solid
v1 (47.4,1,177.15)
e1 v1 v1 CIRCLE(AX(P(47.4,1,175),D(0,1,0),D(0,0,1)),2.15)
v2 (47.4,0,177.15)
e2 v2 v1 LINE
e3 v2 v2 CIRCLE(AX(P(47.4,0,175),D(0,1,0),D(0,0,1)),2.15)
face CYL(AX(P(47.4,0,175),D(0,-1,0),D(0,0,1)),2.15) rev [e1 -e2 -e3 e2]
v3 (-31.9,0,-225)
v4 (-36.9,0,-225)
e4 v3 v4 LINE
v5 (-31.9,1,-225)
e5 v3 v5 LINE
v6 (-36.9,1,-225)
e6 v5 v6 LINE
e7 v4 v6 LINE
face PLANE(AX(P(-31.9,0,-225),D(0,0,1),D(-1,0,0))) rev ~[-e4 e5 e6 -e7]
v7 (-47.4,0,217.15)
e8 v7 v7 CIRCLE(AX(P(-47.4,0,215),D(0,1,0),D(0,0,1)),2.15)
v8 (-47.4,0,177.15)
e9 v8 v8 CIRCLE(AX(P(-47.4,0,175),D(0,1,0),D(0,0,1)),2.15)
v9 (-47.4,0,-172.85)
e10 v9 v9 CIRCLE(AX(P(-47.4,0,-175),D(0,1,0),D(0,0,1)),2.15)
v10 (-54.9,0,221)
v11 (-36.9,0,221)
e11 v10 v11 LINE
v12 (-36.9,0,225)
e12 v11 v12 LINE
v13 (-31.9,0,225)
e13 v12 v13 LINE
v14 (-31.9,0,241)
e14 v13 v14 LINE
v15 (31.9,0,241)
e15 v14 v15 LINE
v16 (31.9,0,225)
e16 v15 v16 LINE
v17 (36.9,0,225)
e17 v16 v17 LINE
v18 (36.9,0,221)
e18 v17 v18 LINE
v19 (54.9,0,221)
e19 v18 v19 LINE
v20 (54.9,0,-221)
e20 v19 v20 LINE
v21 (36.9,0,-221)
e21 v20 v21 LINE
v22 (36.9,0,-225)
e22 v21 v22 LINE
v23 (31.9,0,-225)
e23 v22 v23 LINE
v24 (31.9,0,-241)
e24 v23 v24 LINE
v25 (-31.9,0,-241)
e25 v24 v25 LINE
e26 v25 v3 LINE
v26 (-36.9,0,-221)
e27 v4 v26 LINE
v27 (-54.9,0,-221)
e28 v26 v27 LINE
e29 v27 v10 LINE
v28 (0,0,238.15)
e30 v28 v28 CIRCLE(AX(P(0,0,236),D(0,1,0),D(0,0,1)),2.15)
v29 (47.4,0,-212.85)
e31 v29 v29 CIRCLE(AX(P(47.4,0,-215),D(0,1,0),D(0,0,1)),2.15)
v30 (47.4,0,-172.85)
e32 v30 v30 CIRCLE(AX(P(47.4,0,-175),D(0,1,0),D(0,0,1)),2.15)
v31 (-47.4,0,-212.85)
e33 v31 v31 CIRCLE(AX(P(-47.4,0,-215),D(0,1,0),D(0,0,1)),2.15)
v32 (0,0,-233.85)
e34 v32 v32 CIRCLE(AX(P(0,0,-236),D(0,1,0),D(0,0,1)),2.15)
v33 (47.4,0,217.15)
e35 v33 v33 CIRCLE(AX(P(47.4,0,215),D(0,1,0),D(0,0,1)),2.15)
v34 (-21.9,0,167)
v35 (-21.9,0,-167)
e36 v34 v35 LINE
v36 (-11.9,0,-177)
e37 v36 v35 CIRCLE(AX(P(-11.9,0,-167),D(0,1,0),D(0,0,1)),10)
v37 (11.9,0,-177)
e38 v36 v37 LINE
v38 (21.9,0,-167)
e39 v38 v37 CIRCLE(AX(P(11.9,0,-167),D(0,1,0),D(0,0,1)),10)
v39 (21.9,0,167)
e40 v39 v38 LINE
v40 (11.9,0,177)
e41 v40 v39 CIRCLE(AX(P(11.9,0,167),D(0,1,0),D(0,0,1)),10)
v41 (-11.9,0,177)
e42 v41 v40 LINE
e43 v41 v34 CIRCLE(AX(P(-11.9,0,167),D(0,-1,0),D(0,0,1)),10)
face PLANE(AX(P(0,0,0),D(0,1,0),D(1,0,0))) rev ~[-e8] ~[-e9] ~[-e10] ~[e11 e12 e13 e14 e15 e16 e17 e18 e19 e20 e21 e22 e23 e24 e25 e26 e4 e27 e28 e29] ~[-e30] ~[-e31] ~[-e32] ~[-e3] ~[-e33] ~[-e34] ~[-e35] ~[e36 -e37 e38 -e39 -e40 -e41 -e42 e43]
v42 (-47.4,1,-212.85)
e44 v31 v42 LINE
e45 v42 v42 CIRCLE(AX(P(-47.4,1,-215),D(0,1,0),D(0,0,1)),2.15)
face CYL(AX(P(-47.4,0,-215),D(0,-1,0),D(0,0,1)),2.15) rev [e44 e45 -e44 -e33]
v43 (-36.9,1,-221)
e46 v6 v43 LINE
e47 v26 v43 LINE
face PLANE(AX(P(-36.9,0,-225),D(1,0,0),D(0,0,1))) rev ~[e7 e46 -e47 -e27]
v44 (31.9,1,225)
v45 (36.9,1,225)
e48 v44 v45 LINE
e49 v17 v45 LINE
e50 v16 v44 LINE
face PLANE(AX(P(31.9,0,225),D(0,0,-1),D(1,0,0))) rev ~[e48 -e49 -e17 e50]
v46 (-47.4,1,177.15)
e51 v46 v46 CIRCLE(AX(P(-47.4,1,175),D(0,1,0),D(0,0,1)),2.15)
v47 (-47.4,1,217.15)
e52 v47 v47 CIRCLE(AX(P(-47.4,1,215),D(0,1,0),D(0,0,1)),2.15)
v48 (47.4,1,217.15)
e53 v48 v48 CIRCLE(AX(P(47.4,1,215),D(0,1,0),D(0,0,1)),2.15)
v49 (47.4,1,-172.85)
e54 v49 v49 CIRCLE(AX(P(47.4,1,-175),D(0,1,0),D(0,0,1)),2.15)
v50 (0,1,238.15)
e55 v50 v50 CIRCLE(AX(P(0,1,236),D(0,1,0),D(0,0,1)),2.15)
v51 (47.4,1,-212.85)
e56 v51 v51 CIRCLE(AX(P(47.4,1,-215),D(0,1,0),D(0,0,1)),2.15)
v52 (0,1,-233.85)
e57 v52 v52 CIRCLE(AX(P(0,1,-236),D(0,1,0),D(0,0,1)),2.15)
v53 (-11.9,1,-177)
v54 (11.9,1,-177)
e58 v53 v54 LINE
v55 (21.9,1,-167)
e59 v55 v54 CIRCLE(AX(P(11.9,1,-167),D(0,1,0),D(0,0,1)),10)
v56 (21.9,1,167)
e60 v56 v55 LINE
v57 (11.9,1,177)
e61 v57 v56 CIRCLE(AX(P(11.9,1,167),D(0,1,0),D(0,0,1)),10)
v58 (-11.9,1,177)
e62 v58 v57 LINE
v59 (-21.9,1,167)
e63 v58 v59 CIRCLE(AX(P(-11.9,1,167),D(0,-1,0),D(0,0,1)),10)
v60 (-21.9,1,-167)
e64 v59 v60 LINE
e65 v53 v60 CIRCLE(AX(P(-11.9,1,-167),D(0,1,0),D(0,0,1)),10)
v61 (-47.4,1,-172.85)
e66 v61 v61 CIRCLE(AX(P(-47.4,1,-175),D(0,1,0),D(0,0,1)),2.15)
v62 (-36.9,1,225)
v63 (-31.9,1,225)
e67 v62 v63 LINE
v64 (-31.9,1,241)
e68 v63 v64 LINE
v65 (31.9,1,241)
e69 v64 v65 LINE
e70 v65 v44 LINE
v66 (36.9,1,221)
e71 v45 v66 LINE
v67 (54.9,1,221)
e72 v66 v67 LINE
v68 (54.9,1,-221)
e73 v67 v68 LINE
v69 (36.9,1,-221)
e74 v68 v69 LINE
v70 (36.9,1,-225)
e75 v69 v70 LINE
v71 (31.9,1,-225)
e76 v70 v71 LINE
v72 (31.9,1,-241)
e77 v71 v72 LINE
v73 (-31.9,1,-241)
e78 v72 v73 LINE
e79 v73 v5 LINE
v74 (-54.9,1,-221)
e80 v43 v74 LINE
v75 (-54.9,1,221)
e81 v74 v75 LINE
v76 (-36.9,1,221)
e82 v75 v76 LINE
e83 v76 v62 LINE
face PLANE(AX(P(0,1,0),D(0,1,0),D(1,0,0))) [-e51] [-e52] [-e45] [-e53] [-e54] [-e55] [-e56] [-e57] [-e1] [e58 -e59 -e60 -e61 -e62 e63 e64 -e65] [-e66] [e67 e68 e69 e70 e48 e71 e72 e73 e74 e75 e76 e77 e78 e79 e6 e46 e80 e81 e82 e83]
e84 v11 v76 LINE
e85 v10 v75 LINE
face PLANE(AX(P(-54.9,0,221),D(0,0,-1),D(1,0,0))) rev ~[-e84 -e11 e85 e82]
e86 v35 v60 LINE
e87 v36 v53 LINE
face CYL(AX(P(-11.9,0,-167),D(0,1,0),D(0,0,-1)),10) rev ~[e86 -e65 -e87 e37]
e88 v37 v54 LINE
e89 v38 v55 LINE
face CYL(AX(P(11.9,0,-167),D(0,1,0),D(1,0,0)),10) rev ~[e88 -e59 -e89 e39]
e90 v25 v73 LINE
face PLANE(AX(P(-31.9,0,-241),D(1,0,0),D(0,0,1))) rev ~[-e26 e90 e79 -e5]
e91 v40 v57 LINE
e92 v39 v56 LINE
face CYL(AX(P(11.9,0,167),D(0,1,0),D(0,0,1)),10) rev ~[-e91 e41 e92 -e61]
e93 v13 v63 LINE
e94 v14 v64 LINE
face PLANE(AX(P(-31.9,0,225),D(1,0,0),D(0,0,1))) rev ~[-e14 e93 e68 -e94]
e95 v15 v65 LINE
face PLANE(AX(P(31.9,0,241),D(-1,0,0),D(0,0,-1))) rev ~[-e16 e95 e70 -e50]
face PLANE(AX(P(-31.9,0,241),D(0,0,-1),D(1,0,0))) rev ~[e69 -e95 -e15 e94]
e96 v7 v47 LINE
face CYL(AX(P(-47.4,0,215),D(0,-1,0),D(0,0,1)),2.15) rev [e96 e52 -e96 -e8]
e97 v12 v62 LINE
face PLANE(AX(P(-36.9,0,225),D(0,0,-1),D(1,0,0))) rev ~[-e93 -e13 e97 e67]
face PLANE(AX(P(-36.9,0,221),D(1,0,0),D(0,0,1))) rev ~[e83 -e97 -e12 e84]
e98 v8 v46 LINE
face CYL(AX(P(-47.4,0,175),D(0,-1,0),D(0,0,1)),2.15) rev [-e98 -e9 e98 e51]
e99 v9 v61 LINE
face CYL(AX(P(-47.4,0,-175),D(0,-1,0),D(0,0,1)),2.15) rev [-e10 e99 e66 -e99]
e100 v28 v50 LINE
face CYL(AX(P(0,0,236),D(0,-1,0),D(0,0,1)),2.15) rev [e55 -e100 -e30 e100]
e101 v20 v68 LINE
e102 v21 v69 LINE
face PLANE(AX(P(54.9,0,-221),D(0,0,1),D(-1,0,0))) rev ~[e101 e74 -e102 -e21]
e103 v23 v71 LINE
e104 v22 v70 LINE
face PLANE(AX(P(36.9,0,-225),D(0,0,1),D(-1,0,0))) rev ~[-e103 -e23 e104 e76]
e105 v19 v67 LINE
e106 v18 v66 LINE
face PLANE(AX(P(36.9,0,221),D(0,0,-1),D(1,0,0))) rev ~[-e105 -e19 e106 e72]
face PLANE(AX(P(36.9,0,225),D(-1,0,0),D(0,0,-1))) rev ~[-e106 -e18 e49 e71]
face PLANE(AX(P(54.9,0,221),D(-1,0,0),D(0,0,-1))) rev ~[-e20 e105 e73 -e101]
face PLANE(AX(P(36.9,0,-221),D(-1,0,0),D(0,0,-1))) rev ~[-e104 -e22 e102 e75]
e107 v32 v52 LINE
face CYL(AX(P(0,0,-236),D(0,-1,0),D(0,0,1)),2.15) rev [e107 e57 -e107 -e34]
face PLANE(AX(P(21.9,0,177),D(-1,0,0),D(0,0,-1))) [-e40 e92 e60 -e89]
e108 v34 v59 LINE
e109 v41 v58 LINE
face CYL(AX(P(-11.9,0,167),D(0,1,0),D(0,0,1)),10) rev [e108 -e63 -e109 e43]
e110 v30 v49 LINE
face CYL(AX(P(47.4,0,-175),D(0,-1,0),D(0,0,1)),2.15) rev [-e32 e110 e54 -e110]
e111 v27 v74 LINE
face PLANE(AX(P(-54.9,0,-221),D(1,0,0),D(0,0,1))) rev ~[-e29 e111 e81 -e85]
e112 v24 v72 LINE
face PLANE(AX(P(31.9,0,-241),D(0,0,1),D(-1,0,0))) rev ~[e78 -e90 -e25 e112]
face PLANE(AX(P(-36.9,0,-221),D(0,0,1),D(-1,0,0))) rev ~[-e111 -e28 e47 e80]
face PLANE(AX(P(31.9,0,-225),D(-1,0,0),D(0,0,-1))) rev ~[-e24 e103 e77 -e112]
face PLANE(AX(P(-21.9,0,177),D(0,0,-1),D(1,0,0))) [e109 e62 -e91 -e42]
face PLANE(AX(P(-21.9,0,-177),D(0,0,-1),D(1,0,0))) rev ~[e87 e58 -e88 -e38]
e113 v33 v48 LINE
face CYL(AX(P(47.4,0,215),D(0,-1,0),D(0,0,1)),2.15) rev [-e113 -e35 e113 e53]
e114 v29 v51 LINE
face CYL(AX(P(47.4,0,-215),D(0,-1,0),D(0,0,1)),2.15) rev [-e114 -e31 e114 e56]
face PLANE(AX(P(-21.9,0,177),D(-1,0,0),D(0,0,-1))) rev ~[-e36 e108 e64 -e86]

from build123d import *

# Parameters (mm, degrees)
SKETCH1_R           = 2.15
SKETCH1_W           = 43.8
SKETCH1_H           = 354
BOSS_EXTRUDE1_DEPTH = 1
FILLET2_R           = 10


with BuildPart() as part:
    # Sketch1 → Boss-Extrude1 (new body)
    with BuildSketch(Plane(origin=(0, 0, 0), x_dir=(1, 0, 0), z_dir=(0, 1, 0))):
        Polygon((-54.9, -221), (-36.9, -221), (-36.9, -225), (-31.9, -225), (-31.9, -241), (31.9, -241), (31.9, -225), (36.9, -225), (36.9, -221), (54.9, -221), (54.9, 221), (36.9, 221), (36.9, 225), (31.9, 225), (31.9, 241), (-31.9, 241), (-31.9, 225), (-36.9, 225), (-36.9, 221), (-54.9, 221), align=None)
        with Locations(Location((-47.4, 175, 0), (0, 0, 270))):
            Circle(SKETCH1_R, mode=Mode.SUBTRACT)
        with Locations(Location((47.4, 175, 0), (0, 0, 270))):
            Circle(SKETCH1_R, mode=Mode.SUBTRACT)
        with Locations(Location((-47.4, -175, 0), (0, 0, 270))):
            Circle(SKETCH1_R, mode=Mode.SUBTRACT)
        with Locations(Location((47.4, -175, 0), (0, 0, 270))):
            Circle(SKETCH1_R, mode=Mode.SUBTRACT)
        with Locations(Location((-47.4, -215, 0), (0, 0, 270))):
            Circle(SKETCH1_R, mode=Mode.SUBTRACT)
        with Locations(Location((47.4, -215, 0), (0, 0, 270))):
            Circle(SKETCH1_R, mode=Mode.SUBTRACT)
        with Locations(Location((47.4, 215, 0), (0, 0, 270))):
            Circle(SKETCH1_R, mode=Mode.SUBTRACT)
        with Locations(Location((-47.4, 215, 0), (0, 0, 270))):
            Circle(SKETCH1_R, mode=Mode.SUBTRACT)
        with Locations(Location((0, 236, 0), (0, 0, 270))):
            Circle(SKETCH1_R, mode=Mode.SUBTRACT)
        with Locations(Location((0, -236, 0), (0, 0, 270))):
            Circle(SKETCH1_R, mode=Mode.SUBTRACT)
        Rectangle(SKETCH1_W, SKETCH1_H, mode=Mode.SUBTRACT)
    extrude(amount=BOSS_EXTRUDE1_DEPTH)

    # Fillet2
    fillet2_edges = [part.edges().sort_by_distance(p)[0] for p in [
        (21.9, 0.5, 177),
        (21.9, 0.5, -177),
        (-21.9, 0.5, -177),
        (-21.9, 0.5, 177),
    ]]
    fillet(fillet2_edges, radius=FILLET2_R)


solid = part.part
